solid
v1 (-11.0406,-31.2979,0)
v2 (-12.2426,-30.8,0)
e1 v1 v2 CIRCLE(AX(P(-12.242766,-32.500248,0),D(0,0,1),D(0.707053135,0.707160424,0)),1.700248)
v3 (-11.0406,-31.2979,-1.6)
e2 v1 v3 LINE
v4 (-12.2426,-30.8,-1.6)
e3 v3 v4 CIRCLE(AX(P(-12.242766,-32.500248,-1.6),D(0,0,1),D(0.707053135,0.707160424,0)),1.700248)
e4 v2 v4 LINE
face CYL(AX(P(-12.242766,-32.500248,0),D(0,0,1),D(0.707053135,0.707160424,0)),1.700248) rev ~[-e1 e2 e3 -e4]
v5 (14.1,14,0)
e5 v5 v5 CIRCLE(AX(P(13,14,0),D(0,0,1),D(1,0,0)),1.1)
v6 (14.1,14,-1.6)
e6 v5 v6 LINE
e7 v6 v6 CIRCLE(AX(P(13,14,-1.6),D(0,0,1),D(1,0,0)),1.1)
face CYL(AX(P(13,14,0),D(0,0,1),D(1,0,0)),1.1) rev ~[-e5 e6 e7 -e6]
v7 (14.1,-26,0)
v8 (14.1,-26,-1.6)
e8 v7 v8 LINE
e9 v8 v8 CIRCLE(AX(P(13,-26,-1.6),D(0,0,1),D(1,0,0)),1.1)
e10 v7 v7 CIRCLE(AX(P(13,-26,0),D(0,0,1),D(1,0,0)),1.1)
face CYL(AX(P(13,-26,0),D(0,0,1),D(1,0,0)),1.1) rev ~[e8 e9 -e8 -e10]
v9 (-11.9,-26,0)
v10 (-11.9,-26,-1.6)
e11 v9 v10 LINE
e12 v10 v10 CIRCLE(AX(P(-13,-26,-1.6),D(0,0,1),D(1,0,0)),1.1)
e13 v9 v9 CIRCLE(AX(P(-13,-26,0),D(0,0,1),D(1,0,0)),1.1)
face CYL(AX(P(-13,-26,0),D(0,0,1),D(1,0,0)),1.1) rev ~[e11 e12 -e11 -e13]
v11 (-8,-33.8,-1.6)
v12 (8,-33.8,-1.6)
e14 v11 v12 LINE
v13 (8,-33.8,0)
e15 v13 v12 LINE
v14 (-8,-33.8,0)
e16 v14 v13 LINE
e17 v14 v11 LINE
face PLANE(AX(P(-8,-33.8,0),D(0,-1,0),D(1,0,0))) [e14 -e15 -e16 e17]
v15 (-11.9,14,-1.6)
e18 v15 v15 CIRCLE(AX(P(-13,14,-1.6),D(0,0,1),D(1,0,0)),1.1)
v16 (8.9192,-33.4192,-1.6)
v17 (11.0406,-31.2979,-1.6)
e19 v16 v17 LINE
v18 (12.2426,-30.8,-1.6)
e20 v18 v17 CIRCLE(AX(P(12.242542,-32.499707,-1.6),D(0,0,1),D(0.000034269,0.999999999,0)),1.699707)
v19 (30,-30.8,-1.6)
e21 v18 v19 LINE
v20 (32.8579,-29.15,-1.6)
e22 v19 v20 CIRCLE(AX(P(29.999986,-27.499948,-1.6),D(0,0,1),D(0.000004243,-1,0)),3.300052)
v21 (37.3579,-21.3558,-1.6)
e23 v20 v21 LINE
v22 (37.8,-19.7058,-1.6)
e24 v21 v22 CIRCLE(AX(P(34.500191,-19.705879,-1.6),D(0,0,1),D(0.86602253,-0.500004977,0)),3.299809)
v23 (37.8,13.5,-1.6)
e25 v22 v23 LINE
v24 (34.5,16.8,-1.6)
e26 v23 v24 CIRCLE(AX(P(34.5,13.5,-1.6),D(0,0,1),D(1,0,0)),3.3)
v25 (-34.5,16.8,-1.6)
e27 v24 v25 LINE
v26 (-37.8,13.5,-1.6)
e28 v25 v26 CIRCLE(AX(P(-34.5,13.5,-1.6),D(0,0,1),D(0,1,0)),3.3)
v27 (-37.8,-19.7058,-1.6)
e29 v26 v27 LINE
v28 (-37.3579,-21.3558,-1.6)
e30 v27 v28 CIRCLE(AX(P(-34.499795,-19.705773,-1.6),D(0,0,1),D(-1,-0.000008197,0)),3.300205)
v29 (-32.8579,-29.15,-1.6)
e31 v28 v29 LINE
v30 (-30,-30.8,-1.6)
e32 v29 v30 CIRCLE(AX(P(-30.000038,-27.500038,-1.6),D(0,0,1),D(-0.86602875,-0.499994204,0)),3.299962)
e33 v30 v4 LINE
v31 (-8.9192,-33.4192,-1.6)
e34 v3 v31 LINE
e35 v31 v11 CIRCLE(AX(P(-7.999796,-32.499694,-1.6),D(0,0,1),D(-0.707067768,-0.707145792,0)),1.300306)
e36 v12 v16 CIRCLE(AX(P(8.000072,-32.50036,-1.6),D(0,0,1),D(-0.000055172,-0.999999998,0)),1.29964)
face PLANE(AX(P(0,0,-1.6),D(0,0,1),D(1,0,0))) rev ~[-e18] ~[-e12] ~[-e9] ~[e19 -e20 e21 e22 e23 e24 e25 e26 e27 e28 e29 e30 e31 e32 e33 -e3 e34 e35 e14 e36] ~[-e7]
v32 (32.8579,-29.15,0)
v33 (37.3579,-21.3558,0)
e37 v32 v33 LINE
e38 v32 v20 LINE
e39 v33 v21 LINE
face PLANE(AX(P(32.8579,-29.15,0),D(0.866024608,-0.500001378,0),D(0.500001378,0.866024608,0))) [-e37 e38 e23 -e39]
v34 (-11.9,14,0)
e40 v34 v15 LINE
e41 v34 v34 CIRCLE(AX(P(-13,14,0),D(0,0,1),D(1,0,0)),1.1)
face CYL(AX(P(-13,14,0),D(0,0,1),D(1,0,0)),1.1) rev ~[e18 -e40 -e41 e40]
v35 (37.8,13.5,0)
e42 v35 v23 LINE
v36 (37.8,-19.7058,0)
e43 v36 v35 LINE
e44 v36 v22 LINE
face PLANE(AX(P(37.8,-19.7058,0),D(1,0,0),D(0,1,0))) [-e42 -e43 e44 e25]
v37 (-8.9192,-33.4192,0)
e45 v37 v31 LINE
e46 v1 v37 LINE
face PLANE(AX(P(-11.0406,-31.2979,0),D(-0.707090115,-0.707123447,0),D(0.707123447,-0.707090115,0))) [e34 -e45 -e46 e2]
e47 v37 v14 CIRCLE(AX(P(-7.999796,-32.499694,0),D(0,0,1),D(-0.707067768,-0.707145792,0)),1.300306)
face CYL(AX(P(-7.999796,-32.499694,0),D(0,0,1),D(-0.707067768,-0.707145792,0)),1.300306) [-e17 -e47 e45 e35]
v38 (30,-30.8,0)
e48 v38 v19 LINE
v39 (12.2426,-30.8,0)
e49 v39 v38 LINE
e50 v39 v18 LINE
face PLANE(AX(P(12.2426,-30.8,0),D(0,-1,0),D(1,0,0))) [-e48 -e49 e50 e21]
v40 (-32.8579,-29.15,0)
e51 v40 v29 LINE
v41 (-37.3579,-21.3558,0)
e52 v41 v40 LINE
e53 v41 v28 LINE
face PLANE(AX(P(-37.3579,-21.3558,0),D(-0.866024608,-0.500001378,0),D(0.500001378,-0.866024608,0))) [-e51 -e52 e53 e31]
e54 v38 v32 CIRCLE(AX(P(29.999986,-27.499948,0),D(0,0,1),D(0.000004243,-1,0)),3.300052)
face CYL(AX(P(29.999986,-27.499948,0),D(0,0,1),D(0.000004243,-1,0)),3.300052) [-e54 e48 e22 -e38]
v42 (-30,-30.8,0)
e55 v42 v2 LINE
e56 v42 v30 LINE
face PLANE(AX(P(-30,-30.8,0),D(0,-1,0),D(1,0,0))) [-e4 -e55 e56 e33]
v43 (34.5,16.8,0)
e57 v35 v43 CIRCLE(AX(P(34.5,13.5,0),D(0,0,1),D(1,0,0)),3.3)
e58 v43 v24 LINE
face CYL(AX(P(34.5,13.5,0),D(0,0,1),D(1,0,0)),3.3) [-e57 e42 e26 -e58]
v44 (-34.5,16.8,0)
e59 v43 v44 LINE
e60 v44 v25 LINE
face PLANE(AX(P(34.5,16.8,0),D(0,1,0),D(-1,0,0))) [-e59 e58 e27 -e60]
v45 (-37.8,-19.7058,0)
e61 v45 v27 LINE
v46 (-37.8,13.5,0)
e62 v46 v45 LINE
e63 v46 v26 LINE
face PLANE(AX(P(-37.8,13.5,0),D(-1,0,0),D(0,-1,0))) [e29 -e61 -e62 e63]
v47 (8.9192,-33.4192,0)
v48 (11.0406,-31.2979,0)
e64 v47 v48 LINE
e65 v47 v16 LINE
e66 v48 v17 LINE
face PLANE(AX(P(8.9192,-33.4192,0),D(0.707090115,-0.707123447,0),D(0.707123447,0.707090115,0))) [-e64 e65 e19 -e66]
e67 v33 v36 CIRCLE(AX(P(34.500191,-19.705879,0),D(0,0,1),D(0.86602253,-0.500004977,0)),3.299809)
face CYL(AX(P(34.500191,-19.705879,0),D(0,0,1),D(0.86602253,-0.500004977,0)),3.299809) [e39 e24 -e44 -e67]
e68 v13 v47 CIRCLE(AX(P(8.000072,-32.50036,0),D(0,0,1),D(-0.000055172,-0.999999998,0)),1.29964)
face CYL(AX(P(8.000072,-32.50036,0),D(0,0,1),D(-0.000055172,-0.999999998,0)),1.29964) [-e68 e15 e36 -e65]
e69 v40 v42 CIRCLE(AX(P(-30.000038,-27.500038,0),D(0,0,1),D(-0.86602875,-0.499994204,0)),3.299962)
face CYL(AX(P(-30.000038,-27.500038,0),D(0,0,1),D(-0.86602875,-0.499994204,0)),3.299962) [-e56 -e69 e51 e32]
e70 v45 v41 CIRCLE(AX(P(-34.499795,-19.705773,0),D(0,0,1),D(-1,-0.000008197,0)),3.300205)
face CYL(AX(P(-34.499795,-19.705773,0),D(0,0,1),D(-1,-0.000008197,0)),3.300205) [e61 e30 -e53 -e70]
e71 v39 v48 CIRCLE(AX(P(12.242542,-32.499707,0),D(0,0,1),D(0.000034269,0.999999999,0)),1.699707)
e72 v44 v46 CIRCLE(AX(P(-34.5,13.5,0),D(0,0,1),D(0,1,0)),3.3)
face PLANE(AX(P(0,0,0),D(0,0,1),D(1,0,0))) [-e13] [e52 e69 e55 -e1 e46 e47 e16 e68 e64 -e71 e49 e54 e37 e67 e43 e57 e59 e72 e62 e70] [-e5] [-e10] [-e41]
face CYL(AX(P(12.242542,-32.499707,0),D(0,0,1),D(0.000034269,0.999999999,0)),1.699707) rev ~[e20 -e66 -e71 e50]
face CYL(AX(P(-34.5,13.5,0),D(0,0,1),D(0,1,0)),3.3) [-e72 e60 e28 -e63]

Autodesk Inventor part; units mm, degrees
ref_plane "YZ Plane" through (0, 0, 0) normal (1, 0, 0) x (0, 1, 0)
ref_plane "XZ Plane" through (0, 0, 0) normal (0, 1, 0) x (-1, 0, 0)
ref_plane "XY Plane" through (0, 0, 0) normal (0, 0, 1) x (1, 0, 0)
sketch "スケッチ1" plane through (0, 0, 0) normal (0, 0, 1) x (1, 0, 0)
  line L0 (8, -34) -> (-8, -34) construction
  arc A0 (-9.0607, -33.5607) -> (-8, -34) centre (-8, -32.5) ccw construction
  line L1 (-11.182, -31.4393) -> (-9.0607, -33.5607) construction
  arc A1 (-11.182, -31.4393) -> (-12.2426, -31) centre (-12.2426, -32.5) ccw construction
  line L2 (-30, -31) -> (-12.2426, -31) construction
  arc A2 (-33.0311, -29.25) -> (-30, -31) centre (-30, -27.5) ccw construction
  line L3 (-37.5311, -21.4558) -> (-33.0311, -29.25) construction
  arc A3 (-38, -19.7058) -> (-37.5311, -21.4558) centre (-34.5, -19.7058) ccw construction
  line L4 (-38, 13.5) -> (-38, -19.7058) construction
  arc A4 (-34.5, 17) -> (-38, 13.5) centre (-34.5, 13.5) ccw construction
  line L5 (34.5, 17) -> (-34.5, 17) construction
  arc A5 (38, 13.5) -> (34.5, 17) centre (34.5, 13.5) ccw construction
  line L6 (38, 13.5) -> (38, -19.7058) construction
  arc A6 (37.5311, -21.4558) -> (38, -19.7058) centre (34.5, -19.7058) ccw construction
  line L7 (37.5311, -21.4558) -> (33.0311, -29.25) construction
  arc A7 (30, -31) -> (33.0311, -29.25) centre (30, -27.5) ccw construction
  line L8 (30, -31) -> (12.2426, -31) construction
  arc A8 (12.2426, -31) -> (11.182, -31.4393) centre (12.2426, -32.5) ccw construction
  line L9 (11.182, -31.4393) -> (9.0607, -33.5607) construction
  arc A9 (8, -34) -> (9.0607, -33.5607) centre (8, -32.5) ccw construction
  line L10 (32.8579, -29.15) -> (37.3579, -21.3558)
  arc A10 (37.3579, -21.3558) -> (37.8, -19.7058) centre (34.5, -19.7058) ccw
  line L11 (37.8, -19.7058) -> (37.8, 13.5)
  arc A11 (37.8, 13.5) -> (34.5, 16.8) centre (34.5, 13.5) ccw
  line L12 (34.5, 16.8) -> (-34.5, 16.8)
  arc A12 (-34.5, 16.8) -> (-37.8, 13.5) centre (-34.5, 13.5) ccw
  line L13 (-37.8, 13.5) -> (-37.8, -19.7058)
  arc A13 (-37.8, -19.7058) -> (-37.3579, -21.3558) centre (-34.5, -19.7058) ccw
  line L14 (-37.3579, -21.3558) -> (-32.8579, -29.15)
  arc A14 (-32.8579, -29.15) -> (-30, -30.8) centre (-30, -27.5) ccw
  line L15 (-30, -30.8) -> (-12.2426, -30.8)
  arc A15 (-11.0406, -31.2979) -> (-12.2426, -30.8) centre (-12.2426, -32.5) ccw
  line L16 (-11.0406, -31.2979) -> (-8.9192, -33.4192)
  arc A16 (-8.9192, -33.4192) -> (-8, -33.8) centre (-8, -32.5) ccw
  line L17 (-8, -33.8) -> (8, -33.8)
  arc A17 (8, -33.8) -> (8.9192, -33.4192) centre (8, -32.5) ccw
  line L18 (8.9192, -33.4192) -> (11.0406, -31.2979)
  arc A18 (12.2426, -30.8) -> (11.0406, -31.2979) centre (12.2426, -32.5) ccw
  line L19 (12.2426, -30.8) -> (30, -30.8)
  arc A19 (30, -30.8) -> (32.8579, -29.15) centre (30, -27.5) ccw
  circle A20 centre (-13, -26) radius 1.1
  circle A21 centre (-13, 14) radius 1.1
  arc A22 (-13, -23) -> (-16, -26) centre (-13, -26) ccw construction
  arc A23 (-16, 14) -> (-13, 11) centre (-13, 14) ccw construction
  line L20 (0, 0) -> (0, -37.0919) construction
  circle A24 centre (13, -26) radius 1.1
  circle A25 centre (13, 14) radius 1.1
  dimension "d28" = 0.2
  dimension "d29" = 2.2
extrude "押し出し1" add sketch "スケッチ1" against normal blind 1.6
properties part number "main_pcb" material "GFRC"
